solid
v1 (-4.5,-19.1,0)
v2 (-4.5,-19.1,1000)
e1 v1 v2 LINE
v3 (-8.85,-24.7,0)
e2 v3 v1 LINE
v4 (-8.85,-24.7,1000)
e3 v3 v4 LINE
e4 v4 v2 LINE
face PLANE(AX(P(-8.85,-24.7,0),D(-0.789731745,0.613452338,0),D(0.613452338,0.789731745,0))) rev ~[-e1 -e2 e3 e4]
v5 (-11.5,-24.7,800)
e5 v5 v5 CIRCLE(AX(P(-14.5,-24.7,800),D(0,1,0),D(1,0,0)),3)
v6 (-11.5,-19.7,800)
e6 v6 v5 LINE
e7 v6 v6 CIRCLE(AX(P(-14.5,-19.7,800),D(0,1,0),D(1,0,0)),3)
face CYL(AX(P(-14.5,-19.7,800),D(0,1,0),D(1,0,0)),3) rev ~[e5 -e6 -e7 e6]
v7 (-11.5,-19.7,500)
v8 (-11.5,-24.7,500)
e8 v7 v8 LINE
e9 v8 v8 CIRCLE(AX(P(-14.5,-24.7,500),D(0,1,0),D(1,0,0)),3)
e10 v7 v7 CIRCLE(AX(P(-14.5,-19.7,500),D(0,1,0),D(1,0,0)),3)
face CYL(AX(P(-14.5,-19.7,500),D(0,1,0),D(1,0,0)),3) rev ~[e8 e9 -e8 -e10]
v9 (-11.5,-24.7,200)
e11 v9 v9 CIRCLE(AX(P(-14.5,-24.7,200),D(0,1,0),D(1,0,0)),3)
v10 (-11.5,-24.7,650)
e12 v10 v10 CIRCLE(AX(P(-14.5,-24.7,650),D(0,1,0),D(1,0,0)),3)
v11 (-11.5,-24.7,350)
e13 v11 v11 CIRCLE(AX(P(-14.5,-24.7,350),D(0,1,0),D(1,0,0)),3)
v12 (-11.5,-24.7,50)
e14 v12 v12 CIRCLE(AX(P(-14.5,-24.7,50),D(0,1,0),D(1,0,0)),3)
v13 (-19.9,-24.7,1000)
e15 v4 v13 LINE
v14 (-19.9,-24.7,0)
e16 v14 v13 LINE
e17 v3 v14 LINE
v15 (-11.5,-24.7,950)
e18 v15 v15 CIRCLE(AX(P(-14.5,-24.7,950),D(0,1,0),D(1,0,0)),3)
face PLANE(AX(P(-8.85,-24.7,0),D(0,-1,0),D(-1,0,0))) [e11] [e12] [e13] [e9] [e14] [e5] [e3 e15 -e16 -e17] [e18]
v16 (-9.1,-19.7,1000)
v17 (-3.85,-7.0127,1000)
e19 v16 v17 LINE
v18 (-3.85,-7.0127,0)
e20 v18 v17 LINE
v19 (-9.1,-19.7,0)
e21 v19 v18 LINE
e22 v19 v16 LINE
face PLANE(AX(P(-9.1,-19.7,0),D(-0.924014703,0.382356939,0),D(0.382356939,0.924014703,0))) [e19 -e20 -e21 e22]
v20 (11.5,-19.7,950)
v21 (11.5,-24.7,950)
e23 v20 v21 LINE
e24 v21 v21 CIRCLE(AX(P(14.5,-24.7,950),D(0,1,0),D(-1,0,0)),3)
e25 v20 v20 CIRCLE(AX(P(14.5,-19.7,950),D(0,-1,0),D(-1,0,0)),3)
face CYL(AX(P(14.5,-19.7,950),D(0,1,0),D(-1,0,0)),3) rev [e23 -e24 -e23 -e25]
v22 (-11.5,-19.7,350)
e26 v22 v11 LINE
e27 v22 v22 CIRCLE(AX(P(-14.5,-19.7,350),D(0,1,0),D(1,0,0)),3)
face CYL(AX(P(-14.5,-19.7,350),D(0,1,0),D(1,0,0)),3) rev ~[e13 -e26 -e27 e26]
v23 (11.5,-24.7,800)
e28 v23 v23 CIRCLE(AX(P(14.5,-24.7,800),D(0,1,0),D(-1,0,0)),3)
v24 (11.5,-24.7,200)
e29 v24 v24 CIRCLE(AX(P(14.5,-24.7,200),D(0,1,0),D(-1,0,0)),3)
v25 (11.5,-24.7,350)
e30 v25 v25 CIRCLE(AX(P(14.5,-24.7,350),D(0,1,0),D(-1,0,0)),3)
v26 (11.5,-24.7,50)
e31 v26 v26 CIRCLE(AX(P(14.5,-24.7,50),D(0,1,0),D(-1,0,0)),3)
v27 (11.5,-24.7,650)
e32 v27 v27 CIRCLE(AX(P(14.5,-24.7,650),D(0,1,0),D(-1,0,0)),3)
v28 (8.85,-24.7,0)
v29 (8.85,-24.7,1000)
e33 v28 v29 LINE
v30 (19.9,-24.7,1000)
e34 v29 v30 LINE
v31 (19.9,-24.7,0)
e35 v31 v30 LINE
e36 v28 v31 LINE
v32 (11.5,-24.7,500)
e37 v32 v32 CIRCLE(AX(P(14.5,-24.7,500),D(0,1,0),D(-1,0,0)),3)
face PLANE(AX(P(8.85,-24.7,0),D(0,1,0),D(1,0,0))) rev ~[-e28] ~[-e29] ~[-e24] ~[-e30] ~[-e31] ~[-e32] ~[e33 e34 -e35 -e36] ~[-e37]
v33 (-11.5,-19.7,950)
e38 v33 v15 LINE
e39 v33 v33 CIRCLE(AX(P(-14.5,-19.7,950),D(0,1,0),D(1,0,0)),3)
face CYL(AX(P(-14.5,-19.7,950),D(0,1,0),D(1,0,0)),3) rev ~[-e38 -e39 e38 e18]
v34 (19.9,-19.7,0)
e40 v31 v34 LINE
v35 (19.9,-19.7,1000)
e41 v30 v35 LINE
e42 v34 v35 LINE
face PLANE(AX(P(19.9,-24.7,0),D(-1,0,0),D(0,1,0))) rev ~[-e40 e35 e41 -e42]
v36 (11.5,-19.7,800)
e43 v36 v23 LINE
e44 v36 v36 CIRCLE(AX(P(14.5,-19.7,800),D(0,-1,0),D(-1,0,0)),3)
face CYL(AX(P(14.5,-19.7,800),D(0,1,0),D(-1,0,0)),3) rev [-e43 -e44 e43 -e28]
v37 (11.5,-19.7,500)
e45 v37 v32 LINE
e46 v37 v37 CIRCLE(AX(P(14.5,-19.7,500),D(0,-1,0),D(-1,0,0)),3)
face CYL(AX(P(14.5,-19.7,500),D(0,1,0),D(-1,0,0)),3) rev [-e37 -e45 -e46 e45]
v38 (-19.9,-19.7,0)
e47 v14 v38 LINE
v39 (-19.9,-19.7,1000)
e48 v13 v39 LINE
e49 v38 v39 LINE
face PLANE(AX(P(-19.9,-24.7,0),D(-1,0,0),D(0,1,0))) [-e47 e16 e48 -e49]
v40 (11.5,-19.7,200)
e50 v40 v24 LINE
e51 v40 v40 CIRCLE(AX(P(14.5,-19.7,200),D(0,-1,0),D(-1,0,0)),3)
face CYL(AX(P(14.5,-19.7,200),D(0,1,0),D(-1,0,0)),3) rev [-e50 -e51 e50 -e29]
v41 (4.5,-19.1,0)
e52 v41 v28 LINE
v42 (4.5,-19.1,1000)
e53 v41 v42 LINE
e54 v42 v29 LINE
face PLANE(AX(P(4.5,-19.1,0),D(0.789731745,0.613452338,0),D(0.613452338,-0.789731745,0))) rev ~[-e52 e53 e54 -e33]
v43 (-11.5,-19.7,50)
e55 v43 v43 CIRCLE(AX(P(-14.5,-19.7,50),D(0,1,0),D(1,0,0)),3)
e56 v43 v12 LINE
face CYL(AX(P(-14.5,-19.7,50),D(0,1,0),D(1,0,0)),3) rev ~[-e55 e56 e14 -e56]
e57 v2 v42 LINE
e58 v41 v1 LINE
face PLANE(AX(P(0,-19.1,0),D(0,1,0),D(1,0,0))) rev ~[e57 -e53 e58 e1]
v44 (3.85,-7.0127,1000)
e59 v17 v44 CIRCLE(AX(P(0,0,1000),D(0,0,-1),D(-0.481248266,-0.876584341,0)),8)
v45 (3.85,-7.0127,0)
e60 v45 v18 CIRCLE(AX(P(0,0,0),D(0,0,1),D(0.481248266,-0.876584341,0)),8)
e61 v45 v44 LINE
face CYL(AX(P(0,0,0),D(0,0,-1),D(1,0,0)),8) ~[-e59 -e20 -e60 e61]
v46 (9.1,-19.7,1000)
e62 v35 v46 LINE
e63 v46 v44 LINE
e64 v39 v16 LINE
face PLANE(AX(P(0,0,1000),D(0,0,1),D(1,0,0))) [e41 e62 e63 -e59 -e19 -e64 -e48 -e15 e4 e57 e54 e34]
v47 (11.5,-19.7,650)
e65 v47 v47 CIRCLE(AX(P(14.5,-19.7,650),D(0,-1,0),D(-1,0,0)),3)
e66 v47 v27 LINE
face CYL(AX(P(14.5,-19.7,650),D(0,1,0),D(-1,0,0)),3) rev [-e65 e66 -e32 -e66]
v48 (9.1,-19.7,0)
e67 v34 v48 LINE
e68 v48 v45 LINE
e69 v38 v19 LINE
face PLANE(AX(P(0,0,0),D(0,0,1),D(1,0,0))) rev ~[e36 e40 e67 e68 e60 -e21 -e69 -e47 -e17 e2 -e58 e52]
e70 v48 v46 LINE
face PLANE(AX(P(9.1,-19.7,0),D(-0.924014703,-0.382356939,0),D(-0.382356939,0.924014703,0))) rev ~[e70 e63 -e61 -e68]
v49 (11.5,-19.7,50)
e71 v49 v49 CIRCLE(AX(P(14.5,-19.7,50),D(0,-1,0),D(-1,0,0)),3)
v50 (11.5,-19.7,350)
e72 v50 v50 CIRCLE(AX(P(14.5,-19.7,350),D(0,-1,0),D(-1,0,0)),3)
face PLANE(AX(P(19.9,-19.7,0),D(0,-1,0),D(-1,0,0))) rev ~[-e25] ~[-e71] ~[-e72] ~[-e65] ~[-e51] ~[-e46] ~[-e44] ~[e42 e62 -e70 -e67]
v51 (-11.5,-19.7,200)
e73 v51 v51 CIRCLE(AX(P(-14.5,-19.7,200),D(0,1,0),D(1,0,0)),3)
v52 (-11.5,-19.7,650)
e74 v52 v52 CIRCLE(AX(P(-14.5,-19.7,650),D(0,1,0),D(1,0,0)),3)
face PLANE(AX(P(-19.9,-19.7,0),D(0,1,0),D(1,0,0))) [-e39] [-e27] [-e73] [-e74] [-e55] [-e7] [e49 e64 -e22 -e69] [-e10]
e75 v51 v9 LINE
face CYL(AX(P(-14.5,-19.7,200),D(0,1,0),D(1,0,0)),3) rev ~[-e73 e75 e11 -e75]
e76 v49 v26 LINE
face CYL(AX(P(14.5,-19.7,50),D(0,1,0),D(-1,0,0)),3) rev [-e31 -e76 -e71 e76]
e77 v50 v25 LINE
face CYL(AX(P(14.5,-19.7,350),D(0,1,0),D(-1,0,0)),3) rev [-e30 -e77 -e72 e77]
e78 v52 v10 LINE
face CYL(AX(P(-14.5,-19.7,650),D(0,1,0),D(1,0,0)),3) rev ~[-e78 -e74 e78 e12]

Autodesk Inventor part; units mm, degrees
ref_plane "YZ Plane" through (0, 0, 0) normal (1, 0, 0) x (0, 1, 0)
ref_plane "XZ Plane" through (0, 0, 0) normal (0, 1, 0) x (-1, 0, 0)
ref_plane "XY Plane" through (0, 0, 0) normal (0, 0, 1) x (1, 0, 0)
sketch "Sketch1" plane through (0, 0, 0) normal (0, 0, 1) x (1, 0, 0)
  circle A0 centre (0, 0) radius 8
  line L0 (0, 0) -> (0, -24.7) construction
  line L1 (0, -24.7) -> (-19.9, -24.7)
  line L2 (-19.9, -24.7) -> (-19.9, -19.7)
  line L3 (-19.9, -19.7) -> (-9.1, -19.7)
  line L4 (-9.1, -19.7) -> (-3.85, -7.0127)
  line L5 (0, -24.7) -> (19.9, -24.7)
  line L6 (19.9, -24.7) -> (19.9, -19.7)
  line L7 (19.9, -19.7) -> (9.1, -19.7)
  line L8 (9.1, -19.7) -> (3.85, -7.0127)
  line L9 (0, 0) -> (0, 8) construction
  line L10 (-3.85, -7.0127) -> (3.85, -7.0127) construction
  line L11 (-8.85, -24.7) -> (-4.5, -19.1)
  line L12 (-4.5, -19.1) -> (0, -19.1)
  line L13 (0, -19.1) -> (4.5, -19.1)
  line L14 (4.5, -19.1) -> (8.85, -24.7)
  dimension "d0" = 16
  dimension "d1" = 39.8
  dimension "d2" = 5
  dimension "d4" = 10.8
  dimension "d7" = 32.7
  dimension "d8" = 7.7
  dimension "d9" = 9
  dimension "d10" = 5.6
  dimension "d11" = 17.7
extrude "Extrusion1" add sketch "Sketch1" along normal blind 1000 contours A0 | A0 L8 L7 L6 L5 L14 L13 L12 L11 L1 L2 L3 L4
sketch "Sketch2" plane through (-19.9, -19.7, 1000) normal (0, 1, 0) x (1, 0, 0)
  circle A0 centre (5.4, 950) radius 3
  line L0 (10.8, 1000) -> (0, 1000) projected
  line L1 (5.4, 1000) -> (5.4, 950) construction
  line L2 (0, 1000) -> (11.05, 1000) construction
  point P0 (19.9, 1000)
  dimension "d14" = 50
  dimension "d15" = 6
extrude "Extrusion2" cut sketch "Sketch2" against normal through all
pattern_linear "Rectangular Pattern1" count 7 spacing 150 along (0, 0, 1) of "Extrusion2"
mirror "Mirror1" about plane through (0, 0, 0) normal (1, 0, 0) of "Rectangular Pattern1", "Extrusion2"
properties part number "Linear Rail"
